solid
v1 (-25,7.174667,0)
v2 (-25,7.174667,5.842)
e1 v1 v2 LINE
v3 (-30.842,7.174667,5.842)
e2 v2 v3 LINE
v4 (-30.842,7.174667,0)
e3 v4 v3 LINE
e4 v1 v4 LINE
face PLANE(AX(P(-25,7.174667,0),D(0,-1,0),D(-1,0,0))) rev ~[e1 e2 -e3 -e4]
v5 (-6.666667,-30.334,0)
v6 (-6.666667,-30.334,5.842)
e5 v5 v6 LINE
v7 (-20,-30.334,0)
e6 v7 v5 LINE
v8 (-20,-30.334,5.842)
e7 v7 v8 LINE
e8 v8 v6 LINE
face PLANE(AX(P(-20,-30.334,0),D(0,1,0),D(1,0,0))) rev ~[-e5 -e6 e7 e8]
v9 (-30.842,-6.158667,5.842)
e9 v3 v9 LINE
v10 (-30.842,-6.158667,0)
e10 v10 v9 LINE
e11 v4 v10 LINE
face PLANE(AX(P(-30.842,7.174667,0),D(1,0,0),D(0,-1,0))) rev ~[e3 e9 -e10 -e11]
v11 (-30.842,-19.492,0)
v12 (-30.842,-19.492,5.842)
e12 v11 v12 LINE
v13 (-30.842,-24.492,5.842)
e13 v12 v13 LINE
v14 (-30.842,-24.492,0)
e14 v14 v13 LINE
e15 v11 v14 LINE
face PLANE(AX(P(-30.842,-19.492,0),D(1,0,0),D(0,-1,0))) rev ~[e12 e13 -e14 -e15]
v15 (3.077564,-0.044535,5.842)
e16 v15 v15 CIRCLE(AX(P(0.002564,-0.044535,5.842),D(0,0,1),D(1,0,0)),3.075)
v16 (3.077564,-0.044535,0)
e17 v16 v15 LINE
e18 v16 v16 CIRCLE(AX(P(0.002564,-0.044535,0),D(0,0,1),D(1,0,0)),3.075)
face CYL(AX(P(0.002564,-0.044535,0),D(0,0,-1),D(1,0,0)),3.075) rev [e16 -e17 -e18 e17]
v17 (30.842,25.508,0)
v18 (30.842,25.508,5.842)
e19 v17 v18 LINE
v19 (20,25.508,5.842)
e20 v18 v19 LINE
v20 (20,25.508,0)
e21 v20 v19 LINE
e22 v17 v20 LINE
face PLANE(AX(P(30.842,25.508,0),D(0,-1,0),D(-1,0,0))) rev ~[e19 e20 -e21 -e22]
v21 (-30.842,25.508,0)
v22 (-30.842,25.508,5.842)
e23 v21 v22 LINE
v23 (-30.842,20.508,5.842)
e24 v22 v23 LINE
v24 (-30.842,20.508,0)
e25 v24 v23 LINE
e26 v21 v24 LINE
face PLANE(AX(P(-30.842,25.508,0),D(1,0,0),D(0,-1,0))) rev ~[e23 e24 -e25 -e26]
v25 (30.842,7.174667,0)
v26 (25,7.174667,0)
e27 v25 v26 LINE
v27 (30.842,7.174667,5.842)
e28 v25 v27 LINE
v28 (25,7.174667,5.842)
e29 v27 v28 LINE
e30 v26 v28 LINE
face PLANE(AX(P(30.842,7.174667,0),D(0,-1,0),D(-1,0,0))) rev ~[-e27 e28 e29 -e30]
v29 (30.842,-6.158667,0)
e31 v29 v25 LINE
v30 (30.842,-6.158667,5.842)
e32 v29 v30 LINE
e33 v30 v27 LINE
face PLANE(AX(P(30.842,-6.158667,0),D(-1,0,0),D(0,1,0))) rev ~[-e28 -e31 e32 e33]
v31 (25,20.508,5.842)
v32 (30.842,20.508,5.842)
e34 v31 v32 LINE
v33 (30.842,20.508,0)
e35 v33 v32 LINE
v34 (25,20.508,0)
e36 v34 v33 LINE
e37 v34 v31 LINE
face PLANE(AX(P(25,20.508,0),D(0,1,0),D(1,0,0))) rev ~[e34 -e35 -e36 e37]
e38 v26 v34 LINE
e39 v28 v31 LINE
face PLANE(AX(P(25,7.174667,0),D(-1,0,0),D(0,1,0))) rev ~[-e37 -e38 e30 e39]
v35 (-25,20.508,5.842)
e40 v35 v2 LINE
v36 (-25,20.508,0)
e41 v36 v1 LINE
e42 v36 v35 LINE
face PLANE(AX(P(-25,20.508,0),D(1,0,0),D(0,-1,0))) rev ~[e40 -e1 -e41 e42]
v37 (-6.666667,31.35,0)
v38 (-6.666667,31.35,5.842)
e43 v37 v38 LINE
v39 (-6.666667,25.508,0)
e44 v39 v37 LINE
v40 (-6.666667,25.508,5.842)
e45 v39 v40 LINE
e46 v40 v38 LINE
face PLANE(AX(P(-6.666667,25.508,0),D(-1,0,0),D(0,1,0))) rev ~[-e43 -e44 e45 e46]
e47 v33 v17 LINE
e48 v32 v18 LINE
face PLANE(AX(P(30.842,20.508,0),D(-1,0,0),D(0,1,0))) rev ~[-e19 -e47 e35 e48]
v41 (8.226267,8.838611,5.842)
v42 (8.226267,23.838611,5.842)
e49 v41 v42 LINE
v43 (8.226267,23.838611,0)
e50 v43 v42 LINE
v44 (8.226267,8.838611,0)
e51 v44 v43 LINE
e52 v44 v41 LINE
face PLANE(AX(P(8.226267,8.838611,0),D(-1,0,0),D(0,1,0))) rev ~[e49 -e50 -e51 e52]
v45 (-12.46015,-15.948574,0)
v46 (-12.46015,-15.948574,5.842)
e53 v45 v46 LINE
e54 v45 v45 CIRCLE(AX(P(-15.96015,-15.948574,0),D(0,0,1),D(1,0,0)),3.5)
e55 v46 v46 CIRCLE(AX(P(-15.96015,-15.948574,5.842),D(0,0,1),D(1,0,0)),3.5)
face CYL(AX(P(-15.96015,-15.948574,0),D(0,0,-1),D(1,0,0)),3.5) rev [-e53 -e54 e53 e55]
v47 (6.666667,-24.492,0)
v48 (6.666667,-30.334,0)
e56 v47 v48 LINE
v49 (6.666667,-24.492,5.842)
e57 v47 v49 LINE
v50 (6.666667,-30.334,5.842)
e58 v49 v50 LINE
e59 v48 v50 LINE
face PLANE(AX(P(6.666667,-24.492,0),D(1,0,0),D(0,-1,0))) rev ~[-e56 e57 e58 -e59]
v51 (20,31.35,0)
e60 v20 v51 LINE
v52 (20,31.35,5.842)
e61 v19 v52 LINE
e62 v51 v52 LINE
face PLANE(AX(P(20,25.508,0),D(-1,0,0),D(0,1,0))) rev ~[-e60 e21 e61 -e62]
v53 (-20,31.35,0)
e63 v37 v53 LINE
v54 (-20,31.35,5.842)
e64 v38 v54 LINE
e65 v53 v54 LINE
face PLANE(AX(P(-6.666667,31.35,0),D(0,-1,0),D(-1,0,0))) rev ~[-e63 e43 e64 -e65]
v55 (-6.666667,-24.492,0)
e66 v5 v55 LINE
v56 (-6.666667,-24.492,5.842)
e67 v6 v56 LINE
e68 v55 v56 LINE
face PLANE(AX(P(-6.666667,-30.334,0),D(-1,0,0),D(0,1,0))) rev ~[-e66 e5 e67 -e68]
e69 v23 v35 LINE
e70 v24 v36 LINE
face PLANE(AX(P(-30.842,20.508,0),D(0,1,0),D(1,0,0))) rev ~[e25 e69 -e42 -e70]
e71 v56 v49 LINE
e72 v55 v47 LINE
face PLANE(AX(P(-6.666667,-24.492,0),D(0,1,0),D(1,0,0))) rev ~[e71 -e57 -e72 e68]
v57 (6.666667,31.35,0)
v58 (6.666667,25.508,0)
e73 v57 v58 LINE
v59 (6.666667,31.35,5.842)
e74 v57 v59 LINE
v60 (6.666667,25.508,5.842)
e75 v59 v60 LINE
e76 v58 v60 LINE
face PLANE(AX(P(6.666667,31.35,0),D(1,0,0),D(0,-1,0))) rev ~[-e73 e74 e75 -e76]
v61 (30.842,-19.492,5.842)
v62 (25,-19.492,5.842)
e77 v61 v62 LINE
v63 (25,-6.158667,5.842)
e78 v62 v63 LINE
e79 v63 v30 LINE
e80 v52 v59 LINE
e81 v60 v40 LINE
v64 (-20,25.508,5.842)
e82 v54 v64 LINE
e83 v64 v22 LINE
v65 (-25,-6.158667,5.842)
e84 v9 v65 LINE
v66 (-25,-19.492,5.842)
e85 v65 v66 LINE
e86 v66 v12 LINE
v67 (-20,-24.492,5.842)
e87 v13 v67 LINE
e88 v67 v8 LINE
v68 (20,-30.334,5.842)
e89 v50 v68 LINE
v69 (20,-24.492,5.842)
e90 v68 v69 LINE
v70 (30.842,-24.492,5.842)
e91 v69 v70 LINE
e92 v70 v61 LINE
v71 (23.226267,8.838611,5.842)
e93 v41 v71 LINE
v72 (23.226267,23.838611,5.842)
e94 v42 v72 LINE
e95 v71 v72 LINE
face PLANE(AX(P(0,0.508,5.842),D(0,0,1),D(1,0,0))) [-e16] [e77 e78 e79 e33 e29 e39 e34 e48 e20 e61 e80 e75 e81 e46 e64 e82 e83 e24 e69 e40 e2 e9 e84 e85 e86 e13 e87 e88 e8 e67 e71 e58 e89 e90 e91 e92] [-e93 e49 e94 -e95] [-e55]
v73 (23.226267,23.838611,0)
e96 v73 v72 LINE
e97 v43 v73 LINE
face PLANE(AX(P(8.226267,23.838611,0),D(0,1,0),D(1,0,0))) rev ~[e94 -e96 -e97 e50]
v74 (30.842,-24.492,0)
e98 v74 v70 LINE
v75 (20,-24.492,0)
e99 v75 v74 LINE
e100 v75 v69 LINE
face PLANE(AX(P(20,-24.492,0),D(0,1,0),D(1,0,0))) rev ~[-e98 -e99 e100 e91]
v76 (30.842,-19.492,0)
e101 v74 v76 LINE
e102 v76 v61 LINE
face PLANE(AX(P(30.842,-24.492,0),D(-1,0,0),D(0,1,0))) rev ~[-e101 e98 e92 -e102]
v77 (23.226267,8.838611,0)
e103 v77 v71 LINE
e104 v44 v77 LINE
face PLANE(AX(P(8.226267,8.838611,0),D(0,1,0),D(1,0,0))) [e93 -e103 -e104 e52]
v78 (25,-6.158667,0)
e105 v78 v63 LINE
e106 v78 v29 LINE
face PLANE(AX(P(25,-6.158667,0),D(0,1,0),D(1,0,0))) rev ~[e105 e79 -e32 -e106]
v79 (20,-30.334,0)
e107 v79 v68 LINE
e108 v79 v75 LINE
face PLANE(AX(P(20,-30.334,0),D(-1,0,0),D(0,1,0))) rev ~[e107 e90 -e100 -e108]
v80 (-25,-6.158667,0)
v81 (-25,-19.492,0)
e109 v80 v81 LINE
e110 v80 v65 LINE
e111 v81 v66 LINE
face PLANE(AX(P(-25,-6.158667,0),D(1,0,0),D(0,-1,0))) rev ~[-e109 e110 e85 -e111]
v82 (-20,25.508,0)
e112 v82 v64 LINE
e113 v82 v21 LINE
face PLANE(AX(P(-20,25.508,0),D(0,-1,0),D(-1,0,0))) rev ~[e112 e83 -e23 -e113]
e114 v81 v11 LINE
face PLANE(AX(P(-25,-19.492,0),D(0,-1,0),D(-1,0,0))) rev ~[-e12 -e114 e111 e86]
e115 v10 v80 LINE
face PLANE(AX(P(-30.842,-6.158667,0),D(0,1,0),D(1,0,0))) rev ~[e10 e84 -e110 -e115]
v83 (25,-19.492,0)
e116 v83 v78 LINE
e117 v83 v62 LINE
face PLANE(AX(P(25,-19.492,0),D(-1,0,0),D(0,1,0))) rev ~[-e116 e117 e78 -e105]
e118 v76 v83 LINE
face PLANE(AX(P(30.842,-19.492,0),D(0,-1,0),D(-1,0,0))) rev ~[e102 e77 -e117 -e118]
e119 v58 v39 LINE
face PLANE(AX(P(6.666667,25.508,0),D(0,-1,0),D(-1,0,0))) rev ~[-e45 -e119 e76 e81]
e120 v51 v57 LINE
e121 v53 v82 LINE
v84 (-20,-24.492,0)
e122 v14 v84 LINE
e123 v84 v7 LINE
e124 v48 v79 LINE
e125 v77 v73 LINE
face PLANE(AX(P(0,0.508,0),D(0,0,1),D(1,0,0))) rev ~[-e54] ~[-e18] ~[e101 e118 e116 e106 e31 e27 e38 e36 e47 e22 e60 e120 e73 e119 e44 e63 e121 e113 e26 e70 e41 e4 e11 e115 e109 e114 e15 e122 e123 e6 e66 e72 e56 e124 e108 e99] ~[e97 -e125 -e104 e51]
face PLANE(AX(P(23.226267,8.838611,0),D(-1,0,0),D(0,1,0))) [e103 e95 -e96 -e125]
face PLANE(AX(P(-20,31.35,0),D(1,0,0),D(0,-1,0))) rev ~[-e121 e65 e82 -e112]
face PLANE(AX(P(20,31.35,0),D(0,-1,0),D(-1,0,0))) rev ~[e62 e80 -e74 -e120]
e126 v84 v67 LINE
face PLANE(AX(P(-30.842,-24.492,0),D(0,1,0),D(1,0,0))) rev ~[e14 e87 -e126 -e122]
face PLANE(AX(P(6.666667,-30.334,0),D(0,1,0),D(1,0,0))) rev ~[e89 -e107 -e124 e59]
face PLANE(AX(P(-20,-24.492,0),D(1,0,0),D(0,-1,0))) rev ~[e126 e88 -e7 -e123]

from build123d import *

# Parameters (mm, degrees)
F0_R     = 3.5
F0_R_2   = 3.075
F0_W     = 15
F0_H     = 15
F1_DEPTH = 5.842


with BuildPart() as f1:
    # F0 (on Top) → F1 (new body)
    with BuildSketch(Plane.XY):
        Polygon((-20, 25.508), (-25, 25.508), (-30.842, 25.508), (-30.842, 20.508), (-25, 20.508), (-25, 7.174667), (-30.842, 7.174667), (-30.842, -6.158667), (-25, -6.158667), (-25, -19.492), (-30.842, -19.492), (-30.842, -24.492), (-25, -24.492), (-20, -24.492), (-20, -30.334), (-6.666667, -30.334), (-6.666667, -24.492), (6.666667, -24.492), (6.666667, -30.334), (20, -30.334), (20, -24.492), (25, -24.492), (30.842, -24.492), (30.842, -19.492), (25, -19.492), (25, -6.158667), (30.842, -6.158667), (30.842, 7.174667), (25, 7.174667), (25, 20.508), (30.842, 20.508), (30.842, 25.508), (25, 25.508), (20, 25.508), (20, 31.35), (6.666667, 31.35), (6.666667, 25.508), (-6.666667, 25.508), (-6.666667, 31.35), (-20, 31.35), align=None)
        with Locations((-15.96015, -15.948574)):
            Circle(F0_R, mode=Mode.SUBTRACT)
        with Locations((0.002564, -0.044535)):
            Circle(F0_R_2, mode=Mode.SUBTRACT)
        with Locations((15.726267, 16.338611)):
            Rectangle(F0_W, F0_H, mode=Mode.SUBTRACT)
    extrude(amount=F1_DEPTH)


solid = f1.part
